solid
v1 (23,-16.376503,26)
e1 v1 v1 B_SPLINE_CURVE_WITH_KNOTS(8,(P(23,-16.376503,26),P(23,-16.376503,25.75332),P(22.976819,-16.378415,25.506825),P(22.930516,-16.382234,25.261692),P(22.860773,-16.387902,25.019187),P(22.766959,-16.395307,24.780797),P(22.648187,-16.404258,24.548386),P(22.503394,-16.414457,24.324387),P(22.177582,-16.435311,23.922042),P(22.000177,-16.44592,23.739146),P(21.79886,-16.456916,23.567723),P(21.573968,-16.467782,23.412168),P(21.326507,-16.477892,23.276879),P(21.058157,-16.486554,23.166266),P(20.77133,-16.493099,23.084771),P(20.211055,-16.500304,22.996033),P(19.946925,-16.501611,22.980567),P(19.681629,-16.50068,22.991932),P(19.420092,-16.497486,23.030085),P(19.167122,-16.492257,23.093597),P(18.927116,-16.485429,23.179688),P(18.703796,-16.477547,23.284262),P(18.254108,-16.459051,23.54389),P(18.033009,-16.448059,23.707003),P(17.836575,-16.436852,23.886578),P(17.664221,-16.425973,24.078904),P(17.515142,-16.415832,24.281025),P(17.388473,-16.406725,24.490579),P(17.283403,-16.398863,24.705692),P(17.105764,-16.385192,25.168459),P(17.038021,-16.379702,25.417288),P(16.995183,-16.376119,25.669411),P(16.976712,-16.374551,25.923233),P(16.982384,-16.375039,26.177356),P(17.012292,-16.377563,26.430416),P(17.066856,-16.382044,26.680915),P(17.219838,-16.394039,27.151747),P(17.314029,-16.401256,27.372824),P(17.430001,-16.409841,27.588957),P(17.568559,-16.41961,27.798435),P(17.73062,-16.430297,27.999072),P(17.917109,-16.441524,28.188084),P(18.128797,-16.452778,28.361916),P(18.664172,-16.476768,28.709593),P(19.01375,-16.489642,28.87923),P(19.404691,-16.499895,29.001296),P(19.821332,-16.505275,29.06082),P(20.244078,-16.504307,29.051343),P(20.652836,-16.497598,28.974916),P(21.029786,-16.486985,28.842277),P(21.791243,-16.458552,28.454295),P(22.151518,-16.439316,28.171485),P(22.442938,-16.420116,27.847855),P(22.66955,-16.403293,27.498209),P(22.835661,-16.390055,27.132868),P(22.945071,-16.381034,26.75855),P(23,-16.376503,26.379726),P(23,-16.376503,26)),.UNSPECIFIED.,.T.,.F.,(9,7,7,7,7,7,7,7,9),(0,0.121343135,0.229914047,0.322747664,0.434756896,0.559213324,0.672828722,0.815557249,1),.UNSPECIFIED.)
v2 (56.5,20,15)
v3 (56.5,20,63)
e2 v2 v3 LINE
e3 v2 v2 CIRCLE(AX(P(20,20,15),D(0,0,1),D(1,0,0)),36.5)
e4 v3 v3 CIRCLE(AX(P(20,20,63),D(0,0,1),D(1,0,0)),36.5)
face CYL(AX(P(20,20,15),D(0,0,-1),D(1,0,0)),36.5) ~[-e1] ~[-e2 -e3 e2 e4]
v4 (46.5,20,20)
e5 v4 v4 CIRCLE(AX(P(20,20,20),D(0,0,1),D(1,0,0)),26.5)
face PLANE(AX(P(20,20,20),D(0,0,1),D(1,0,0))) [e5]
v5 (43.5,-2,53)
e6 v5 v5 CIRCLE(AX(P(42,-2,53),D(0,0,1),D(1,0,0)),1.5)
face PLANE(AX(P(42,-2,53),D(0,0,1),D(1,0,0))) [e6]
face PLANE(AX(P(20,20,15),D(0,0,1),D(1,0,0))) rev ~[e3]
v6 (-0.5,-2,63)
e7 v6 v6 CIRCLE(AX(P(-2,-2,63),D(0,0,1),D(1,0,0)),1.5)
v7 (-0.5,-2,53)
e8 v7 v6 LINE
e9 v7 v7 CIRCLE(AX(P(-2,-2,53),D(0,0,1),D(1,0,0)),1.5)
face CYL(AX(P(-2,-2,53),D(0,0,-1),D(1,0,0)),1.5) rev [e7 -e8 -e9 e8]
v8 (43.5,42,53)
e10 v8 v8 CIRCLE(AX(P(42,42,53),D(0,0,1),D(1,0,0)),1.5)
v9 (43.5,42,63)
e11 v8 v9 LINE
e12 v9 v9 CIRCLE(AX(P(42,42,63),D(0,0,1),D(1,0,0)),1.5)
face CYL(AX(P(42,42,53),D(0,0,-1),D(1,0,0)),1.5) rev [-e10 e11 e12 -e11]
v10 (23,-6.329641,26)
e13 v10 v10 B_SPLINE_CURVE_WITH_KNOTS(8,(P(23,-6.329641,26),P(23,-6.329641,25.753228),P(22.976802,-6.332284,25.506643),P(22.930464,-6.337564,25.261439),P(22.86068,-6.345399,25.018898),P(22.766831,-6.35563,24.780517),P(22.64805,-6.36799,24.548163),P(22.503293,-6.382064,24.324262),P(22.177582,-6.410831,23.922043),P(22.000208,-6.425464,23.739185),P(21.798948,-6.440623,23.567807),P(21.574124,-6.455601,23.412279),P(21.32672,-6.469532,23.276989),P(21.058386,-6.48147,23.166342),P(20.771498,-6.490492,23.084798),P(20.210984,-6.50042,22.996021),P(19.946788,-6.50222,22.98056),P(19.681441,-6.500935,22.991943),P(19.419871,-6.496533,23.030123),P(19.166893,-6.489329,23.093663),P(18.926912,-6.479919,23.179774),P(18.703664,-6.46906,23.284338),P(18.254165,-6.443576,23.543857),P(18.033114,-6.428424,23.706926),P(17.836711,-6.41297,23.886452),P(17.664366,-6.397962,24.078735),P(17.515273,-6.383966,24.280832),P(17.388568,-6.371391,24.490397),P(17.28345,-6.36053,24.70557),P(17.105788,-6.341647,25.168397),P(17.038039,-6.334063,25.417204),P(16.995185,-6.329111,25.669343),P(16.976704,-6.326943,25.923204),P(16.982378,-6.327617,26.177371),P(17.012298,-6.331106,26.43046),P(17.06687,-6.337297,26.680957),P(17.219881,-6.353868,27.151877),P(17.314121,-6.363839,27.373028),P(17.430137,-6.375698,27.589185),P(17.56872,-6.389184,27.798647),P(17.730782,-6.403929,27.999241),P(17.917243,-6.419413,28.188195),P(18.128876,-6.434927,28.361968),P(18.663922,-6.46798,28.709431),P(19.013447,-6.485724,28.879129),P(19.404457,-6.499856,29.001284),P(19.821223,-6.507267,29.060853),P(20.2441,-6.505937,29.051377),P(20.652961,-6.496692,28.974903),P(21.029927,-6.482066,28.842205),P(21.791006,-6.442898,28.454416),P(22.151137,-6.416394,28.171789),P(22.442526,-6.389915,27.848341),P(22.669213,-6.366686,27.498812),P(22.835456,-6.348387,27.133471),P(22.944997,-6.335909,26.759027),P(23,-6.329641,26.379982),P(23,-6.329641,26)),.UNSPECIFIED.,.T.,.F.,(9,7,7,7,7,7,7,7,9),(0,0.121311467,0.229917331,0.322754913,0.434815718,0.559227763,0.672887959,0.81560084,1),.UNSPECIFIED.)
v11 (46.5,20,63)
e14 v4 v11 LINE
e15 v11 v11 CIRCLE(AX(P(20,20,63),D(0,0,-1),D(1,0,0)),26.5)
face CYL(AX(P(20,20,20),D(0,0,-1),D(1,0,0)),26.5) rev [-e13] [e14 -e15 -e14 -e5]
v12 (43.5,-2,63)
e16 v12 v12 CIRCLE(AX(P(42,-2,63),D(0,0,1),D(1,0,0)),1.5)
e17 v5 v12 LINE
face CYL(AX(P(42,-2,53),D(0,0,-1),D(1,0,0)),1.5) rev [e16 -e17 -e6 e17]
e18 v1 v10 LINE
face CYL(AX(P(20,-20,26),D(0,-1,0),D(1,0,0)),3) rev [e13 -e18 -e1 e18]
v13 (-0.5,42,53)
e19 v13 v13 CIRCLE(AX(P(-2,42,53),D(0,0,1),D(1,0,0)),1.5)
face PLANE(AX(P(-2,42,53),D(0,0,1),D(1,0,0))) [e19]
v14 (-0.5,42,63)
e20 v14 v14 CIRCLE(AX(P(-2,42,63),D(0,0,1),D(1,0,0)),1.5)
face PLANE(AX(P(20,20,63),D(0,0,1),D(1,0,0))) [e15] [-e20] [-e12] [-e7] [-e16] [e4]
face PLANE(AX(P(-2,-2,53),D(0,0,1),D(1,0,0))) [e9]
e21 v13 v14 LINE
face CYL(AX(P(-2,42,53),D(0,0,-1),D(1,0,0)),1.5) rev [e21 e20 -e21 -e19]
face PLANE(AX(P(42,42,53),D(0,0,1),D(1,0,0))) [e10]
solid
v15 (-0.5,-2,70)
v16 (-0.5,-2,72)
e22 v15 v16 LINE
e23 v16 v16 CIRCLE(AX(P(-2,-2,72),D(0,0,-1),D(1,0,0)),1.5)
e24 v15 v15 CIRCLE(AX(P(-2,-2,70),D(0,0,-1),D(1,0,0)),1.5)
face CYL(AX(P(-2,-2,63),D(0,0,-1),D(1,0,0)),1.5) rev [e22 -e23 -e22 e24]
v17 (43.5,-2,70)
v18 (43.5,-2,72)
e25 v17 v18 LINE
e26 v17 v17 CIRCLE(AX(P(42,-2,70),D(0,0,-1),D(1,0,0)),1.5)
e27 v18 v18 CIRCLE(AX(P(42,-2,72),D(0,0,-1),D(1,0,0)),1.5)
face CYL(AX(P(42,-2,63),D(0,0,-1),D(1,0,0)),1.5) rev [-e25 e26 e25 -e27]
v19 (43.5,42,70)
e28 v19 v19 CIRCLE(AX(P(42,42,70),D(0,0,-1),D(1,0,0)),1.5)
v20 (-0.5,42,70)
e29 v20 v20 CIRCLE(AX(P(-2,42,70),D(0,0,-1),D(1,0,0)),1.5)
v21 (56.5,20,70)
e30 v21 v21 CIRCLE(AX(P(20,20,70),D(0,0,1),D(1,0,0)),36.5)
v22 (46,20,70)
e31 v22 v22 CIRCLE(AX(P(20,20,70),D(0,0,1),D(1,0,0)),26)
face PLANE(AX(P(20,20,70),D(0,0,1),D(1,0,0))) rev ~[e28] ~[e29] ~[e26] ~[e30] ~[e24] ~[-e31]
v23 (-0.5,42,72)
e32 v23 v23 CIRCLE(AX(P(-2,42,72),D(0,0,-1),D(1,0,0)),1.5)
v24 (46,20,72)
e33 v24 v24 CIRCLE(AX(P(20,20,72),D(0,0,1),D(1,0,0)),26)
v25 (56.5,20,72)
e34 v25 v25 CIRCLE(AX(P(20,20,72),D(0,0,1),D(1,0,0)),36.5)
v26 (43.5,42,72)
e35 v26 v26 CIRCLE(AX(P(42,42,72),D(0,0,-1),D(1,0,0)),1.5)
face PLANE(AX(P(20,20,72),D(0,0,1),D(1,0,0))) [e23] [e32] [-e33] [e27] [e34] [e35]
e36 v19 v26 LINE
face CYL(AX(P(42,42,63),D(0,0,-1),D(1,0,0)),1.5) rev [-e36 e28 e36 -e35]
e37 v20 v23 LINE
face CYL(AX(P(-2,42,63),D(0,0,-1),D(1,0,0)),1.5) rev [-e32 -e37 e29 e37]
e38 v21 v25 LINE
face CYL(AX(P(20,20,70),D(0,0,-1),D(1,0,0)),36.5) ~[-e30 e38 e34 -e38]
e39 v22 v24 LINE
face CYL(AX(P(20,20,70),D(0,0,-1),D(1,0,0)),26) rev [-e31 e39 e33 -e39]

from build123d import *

# Parameters (mm, degrees)
CYLINDER010_R          = 1.5
CYLINDER010_DEPTH      = 10
CYLINDER008_R          = 1.5
CYLINDER008_DEPTH      = 10
CYLINDER009_R          = 1.5
CYLINDER009_DEPTH      = 10
CYLINDER011_R          = 1.5
CYLINDER011_DEPTH      = 10
CYLINDER007_R          = 26
CYLINDER007_DEPTH      = 2
CYLINDER006_R          = 36.5
CYLINDER006_DEPTH      = 2
CYLINDER012_R          = 3
CYLINDER012_DEPTH      = 20
CYLINDER012_ROLL_ANGLE = -90
CYLINDER004_R          = 1.5
CYLINDER004_DEPTH      = 10
CYLINDER002_R          = 1.5
CYLINDER002_DEPTH      = 10
CYLINDER003_R          = 1.5
CYLINDER003_DEPTH      = 10
CYLINDER005_R          = 1.5
CYLINDER005_DEPTH      = 10
CYLINDER_R             = 26.5
CYLINDER_DEPTH         = 45
CYLINDER001_R          = 36.5
CYLINDER001_DEPTH      = 48


with BuildPart() as cylinder010:
    # Cylinder010 → Cylinder010 (new body)
    with BuildSketch(Plane(origin=(-2, -2, 63), x_dir=(1, 0, 0), z_dir=(0, 0, 1))):
        Circle(CYLINDER010_R)
    extrude(amount=CYLINDER010_DEPTH)


with BuildPart() as cylinder008:
    # Cylinder008 → Cylinder008 (new body)
    with BuildSketch(Plane(origin=(42, 42, 63), x_dir=(1, 0, 0), z_dir=(0, 0, 1))):
        Circle(CYLINDER008_R)
    extrude(amount=CYLINDER008_DEPTH)


with BuildPart() as cylinder009:
    # Cylinder009 → Cylinder009 (new body)
    with BuildSketch(Plane(origin=(-2, 42, 63), x_dir=(1, 0, 0), z_dir=(0, 0, 1))):
        Circle(CYLINDER009_R)
    extrude(amount=CYLINDER009_DEPTH)


with BuildPart() as fusion001:
    # Cylinder011 → Cylinder011 (new body)
    with BuildSketch(Plane(origin=(42, -2, 63), x_dir=(1, 0, 0), z_dir=(0, 0, 1))):
        Circle(CYLINDER011_R)
    extrude(amount=CYLINDER011_DEPTH)

    # Fusion001: union Cylinder010, Cylinder008, Cylinder009
    add(cylinder010.part)
    add(cylinder008.part)
    add(cylinder009.part)


with BuildPart() as cylinder007:
    # Cylinder007 → Cylinder007 (new body)
    with BuildSketch(Plane(origin=(20, 20, 20), x_dir=(1, 0, 0), z_dir=(0, 0, 1))):
        Circle(CYLINDER007_R)
    extrude(amount=CYLINDER007_DEPTH)


with BuildPart() as cut003:
    # Cylinder006 → Cylinder006 (new body)
    with BuildSketch(Plane(origin=(20, 20, 20), x_dir=(1, 0, 0), z_dir=(0, 0, 1))):
        Circle(CYLINDER006_R)
    extrude(amount=CYLINDER006_DEPTH)

    # Cut002: cut Cylinder007
    add(cylinder007.part, mode=Mode.SUBTRACT)


with BuildPart() as cut003_1:
    # Cut002 placement: moved
    add(cut003.part.moved(Location((0, 0, 50))))

    # Cut003: cut Fusion001
    add(fusion001.part, mode=Mode.SUBTRACT)


with BuildPart() as cylinder012:
    # Cylinder012 → Cylinder012 (new body)
    with BuildSketch(Plane.XY):
        Circle(CYLINDER012_R)
    extrude(amount=CYLINDER012_DEPTH)


with BuildPart() as cylinder012_1:
    # Cylinder012 roll: moved
    add(cylinder012.part.rotate(Axis((0, 0, 0), (1, 0, 0)), CYLINDER012_ROLL_ANGLE))


with BuildPart() as cylinder012_2:
    # Cylinder012 placement: moved
    add(cylinder012_1.part.moved(Location((20, -20, 26))))


with BuildPart() as cylinder004:
    # Cylinder004 → Cylinder004 (new body)
    with BuildSketch(Plane(origin=(-2, -2, 63), x_dir=(1, 0, 0), z_dir=(0, 0, 1))):
        Circle(CYLINDER004_R)
    extrude(amount=CYLINDER004_DEPTH)


with BuildPart() as cylinder002:
    # Cylinder002 → Cylinder002 (new body)
    with BuildSketch(Plane(origin=(42, 42, 63), x_dir=(1, 0, 0), z_dir=(0, 0, 1))):
        Circle(CYLINDER002_R)
    extrude(amount=CYLINDER002_DEPTH)


with BuildPart() as cylinder003:
    # Cylinder003 → Cylinder003 (new body)
    with BuildSketch(Plane(origin=(-2, 42, 63), x_dir=(1, 0, 0), z_dir=(0, 0, 1))):
        Circle(CYLINDER003_R)
    extrude(amount=CYLINDER003_DEPTH)


with BuildPart() as fusion:
    # Cylinder005 → Cylinder005 (new body)
    with BuildSketch(Plane(origin=(42, -2, 63), x_dir=(1, 0, 0), z_dir=(0, 0, 1))):
        Circle(CYLINDER005_R)
    extrude(amount=CYLINDER005_DEPTH)

    # Fusion: union Cylinder004, Cylinder002, Cylinder003
    add(cylinder004.part)
    add(cylinder002.part)
    add(cylinder003.part)


with BuildPart() as fusion_1:
    # Fusion placement: moved
    add(fusion.part.moved(Location((0, 0, -10))))


with BuildPart() as cylinder:
    # Cylinder → Cylinder (new body)
    with BuildSketch(Plane(origin=(20, 20, 20), x_dir=(1, 0, 0), z_dir=(0, 0, 1))):
        Circle(CYLINDER_R)
    extrude(amount=CYLINDER_DEPTH)


with BuildPart() as cut004:
    # Cylinder001 → Cylinder001 (new body)
    with BuildSketch(Plane(origin=(20, 20, 15), x_dir=(1, 0, 0), z_dir=(0, 0, 1))):
        Circle(CYLINDER001_R)
    extrude(amount=CYLINDER001_DEPTH)

    # Cut: cut Cylinder
    add(cylinder.part, mode=Mode.SUBTRACT)

    # Cut001: cut Fusion
    add(fusion_1.part, mode=Mode.SUBTRACT)

    # Cut004: cut Cylinder012
    add(cylinder012_2.part, mode=Mode.SUBTRACT)


solid = Compound([cut003_1.part, cut004.part])
